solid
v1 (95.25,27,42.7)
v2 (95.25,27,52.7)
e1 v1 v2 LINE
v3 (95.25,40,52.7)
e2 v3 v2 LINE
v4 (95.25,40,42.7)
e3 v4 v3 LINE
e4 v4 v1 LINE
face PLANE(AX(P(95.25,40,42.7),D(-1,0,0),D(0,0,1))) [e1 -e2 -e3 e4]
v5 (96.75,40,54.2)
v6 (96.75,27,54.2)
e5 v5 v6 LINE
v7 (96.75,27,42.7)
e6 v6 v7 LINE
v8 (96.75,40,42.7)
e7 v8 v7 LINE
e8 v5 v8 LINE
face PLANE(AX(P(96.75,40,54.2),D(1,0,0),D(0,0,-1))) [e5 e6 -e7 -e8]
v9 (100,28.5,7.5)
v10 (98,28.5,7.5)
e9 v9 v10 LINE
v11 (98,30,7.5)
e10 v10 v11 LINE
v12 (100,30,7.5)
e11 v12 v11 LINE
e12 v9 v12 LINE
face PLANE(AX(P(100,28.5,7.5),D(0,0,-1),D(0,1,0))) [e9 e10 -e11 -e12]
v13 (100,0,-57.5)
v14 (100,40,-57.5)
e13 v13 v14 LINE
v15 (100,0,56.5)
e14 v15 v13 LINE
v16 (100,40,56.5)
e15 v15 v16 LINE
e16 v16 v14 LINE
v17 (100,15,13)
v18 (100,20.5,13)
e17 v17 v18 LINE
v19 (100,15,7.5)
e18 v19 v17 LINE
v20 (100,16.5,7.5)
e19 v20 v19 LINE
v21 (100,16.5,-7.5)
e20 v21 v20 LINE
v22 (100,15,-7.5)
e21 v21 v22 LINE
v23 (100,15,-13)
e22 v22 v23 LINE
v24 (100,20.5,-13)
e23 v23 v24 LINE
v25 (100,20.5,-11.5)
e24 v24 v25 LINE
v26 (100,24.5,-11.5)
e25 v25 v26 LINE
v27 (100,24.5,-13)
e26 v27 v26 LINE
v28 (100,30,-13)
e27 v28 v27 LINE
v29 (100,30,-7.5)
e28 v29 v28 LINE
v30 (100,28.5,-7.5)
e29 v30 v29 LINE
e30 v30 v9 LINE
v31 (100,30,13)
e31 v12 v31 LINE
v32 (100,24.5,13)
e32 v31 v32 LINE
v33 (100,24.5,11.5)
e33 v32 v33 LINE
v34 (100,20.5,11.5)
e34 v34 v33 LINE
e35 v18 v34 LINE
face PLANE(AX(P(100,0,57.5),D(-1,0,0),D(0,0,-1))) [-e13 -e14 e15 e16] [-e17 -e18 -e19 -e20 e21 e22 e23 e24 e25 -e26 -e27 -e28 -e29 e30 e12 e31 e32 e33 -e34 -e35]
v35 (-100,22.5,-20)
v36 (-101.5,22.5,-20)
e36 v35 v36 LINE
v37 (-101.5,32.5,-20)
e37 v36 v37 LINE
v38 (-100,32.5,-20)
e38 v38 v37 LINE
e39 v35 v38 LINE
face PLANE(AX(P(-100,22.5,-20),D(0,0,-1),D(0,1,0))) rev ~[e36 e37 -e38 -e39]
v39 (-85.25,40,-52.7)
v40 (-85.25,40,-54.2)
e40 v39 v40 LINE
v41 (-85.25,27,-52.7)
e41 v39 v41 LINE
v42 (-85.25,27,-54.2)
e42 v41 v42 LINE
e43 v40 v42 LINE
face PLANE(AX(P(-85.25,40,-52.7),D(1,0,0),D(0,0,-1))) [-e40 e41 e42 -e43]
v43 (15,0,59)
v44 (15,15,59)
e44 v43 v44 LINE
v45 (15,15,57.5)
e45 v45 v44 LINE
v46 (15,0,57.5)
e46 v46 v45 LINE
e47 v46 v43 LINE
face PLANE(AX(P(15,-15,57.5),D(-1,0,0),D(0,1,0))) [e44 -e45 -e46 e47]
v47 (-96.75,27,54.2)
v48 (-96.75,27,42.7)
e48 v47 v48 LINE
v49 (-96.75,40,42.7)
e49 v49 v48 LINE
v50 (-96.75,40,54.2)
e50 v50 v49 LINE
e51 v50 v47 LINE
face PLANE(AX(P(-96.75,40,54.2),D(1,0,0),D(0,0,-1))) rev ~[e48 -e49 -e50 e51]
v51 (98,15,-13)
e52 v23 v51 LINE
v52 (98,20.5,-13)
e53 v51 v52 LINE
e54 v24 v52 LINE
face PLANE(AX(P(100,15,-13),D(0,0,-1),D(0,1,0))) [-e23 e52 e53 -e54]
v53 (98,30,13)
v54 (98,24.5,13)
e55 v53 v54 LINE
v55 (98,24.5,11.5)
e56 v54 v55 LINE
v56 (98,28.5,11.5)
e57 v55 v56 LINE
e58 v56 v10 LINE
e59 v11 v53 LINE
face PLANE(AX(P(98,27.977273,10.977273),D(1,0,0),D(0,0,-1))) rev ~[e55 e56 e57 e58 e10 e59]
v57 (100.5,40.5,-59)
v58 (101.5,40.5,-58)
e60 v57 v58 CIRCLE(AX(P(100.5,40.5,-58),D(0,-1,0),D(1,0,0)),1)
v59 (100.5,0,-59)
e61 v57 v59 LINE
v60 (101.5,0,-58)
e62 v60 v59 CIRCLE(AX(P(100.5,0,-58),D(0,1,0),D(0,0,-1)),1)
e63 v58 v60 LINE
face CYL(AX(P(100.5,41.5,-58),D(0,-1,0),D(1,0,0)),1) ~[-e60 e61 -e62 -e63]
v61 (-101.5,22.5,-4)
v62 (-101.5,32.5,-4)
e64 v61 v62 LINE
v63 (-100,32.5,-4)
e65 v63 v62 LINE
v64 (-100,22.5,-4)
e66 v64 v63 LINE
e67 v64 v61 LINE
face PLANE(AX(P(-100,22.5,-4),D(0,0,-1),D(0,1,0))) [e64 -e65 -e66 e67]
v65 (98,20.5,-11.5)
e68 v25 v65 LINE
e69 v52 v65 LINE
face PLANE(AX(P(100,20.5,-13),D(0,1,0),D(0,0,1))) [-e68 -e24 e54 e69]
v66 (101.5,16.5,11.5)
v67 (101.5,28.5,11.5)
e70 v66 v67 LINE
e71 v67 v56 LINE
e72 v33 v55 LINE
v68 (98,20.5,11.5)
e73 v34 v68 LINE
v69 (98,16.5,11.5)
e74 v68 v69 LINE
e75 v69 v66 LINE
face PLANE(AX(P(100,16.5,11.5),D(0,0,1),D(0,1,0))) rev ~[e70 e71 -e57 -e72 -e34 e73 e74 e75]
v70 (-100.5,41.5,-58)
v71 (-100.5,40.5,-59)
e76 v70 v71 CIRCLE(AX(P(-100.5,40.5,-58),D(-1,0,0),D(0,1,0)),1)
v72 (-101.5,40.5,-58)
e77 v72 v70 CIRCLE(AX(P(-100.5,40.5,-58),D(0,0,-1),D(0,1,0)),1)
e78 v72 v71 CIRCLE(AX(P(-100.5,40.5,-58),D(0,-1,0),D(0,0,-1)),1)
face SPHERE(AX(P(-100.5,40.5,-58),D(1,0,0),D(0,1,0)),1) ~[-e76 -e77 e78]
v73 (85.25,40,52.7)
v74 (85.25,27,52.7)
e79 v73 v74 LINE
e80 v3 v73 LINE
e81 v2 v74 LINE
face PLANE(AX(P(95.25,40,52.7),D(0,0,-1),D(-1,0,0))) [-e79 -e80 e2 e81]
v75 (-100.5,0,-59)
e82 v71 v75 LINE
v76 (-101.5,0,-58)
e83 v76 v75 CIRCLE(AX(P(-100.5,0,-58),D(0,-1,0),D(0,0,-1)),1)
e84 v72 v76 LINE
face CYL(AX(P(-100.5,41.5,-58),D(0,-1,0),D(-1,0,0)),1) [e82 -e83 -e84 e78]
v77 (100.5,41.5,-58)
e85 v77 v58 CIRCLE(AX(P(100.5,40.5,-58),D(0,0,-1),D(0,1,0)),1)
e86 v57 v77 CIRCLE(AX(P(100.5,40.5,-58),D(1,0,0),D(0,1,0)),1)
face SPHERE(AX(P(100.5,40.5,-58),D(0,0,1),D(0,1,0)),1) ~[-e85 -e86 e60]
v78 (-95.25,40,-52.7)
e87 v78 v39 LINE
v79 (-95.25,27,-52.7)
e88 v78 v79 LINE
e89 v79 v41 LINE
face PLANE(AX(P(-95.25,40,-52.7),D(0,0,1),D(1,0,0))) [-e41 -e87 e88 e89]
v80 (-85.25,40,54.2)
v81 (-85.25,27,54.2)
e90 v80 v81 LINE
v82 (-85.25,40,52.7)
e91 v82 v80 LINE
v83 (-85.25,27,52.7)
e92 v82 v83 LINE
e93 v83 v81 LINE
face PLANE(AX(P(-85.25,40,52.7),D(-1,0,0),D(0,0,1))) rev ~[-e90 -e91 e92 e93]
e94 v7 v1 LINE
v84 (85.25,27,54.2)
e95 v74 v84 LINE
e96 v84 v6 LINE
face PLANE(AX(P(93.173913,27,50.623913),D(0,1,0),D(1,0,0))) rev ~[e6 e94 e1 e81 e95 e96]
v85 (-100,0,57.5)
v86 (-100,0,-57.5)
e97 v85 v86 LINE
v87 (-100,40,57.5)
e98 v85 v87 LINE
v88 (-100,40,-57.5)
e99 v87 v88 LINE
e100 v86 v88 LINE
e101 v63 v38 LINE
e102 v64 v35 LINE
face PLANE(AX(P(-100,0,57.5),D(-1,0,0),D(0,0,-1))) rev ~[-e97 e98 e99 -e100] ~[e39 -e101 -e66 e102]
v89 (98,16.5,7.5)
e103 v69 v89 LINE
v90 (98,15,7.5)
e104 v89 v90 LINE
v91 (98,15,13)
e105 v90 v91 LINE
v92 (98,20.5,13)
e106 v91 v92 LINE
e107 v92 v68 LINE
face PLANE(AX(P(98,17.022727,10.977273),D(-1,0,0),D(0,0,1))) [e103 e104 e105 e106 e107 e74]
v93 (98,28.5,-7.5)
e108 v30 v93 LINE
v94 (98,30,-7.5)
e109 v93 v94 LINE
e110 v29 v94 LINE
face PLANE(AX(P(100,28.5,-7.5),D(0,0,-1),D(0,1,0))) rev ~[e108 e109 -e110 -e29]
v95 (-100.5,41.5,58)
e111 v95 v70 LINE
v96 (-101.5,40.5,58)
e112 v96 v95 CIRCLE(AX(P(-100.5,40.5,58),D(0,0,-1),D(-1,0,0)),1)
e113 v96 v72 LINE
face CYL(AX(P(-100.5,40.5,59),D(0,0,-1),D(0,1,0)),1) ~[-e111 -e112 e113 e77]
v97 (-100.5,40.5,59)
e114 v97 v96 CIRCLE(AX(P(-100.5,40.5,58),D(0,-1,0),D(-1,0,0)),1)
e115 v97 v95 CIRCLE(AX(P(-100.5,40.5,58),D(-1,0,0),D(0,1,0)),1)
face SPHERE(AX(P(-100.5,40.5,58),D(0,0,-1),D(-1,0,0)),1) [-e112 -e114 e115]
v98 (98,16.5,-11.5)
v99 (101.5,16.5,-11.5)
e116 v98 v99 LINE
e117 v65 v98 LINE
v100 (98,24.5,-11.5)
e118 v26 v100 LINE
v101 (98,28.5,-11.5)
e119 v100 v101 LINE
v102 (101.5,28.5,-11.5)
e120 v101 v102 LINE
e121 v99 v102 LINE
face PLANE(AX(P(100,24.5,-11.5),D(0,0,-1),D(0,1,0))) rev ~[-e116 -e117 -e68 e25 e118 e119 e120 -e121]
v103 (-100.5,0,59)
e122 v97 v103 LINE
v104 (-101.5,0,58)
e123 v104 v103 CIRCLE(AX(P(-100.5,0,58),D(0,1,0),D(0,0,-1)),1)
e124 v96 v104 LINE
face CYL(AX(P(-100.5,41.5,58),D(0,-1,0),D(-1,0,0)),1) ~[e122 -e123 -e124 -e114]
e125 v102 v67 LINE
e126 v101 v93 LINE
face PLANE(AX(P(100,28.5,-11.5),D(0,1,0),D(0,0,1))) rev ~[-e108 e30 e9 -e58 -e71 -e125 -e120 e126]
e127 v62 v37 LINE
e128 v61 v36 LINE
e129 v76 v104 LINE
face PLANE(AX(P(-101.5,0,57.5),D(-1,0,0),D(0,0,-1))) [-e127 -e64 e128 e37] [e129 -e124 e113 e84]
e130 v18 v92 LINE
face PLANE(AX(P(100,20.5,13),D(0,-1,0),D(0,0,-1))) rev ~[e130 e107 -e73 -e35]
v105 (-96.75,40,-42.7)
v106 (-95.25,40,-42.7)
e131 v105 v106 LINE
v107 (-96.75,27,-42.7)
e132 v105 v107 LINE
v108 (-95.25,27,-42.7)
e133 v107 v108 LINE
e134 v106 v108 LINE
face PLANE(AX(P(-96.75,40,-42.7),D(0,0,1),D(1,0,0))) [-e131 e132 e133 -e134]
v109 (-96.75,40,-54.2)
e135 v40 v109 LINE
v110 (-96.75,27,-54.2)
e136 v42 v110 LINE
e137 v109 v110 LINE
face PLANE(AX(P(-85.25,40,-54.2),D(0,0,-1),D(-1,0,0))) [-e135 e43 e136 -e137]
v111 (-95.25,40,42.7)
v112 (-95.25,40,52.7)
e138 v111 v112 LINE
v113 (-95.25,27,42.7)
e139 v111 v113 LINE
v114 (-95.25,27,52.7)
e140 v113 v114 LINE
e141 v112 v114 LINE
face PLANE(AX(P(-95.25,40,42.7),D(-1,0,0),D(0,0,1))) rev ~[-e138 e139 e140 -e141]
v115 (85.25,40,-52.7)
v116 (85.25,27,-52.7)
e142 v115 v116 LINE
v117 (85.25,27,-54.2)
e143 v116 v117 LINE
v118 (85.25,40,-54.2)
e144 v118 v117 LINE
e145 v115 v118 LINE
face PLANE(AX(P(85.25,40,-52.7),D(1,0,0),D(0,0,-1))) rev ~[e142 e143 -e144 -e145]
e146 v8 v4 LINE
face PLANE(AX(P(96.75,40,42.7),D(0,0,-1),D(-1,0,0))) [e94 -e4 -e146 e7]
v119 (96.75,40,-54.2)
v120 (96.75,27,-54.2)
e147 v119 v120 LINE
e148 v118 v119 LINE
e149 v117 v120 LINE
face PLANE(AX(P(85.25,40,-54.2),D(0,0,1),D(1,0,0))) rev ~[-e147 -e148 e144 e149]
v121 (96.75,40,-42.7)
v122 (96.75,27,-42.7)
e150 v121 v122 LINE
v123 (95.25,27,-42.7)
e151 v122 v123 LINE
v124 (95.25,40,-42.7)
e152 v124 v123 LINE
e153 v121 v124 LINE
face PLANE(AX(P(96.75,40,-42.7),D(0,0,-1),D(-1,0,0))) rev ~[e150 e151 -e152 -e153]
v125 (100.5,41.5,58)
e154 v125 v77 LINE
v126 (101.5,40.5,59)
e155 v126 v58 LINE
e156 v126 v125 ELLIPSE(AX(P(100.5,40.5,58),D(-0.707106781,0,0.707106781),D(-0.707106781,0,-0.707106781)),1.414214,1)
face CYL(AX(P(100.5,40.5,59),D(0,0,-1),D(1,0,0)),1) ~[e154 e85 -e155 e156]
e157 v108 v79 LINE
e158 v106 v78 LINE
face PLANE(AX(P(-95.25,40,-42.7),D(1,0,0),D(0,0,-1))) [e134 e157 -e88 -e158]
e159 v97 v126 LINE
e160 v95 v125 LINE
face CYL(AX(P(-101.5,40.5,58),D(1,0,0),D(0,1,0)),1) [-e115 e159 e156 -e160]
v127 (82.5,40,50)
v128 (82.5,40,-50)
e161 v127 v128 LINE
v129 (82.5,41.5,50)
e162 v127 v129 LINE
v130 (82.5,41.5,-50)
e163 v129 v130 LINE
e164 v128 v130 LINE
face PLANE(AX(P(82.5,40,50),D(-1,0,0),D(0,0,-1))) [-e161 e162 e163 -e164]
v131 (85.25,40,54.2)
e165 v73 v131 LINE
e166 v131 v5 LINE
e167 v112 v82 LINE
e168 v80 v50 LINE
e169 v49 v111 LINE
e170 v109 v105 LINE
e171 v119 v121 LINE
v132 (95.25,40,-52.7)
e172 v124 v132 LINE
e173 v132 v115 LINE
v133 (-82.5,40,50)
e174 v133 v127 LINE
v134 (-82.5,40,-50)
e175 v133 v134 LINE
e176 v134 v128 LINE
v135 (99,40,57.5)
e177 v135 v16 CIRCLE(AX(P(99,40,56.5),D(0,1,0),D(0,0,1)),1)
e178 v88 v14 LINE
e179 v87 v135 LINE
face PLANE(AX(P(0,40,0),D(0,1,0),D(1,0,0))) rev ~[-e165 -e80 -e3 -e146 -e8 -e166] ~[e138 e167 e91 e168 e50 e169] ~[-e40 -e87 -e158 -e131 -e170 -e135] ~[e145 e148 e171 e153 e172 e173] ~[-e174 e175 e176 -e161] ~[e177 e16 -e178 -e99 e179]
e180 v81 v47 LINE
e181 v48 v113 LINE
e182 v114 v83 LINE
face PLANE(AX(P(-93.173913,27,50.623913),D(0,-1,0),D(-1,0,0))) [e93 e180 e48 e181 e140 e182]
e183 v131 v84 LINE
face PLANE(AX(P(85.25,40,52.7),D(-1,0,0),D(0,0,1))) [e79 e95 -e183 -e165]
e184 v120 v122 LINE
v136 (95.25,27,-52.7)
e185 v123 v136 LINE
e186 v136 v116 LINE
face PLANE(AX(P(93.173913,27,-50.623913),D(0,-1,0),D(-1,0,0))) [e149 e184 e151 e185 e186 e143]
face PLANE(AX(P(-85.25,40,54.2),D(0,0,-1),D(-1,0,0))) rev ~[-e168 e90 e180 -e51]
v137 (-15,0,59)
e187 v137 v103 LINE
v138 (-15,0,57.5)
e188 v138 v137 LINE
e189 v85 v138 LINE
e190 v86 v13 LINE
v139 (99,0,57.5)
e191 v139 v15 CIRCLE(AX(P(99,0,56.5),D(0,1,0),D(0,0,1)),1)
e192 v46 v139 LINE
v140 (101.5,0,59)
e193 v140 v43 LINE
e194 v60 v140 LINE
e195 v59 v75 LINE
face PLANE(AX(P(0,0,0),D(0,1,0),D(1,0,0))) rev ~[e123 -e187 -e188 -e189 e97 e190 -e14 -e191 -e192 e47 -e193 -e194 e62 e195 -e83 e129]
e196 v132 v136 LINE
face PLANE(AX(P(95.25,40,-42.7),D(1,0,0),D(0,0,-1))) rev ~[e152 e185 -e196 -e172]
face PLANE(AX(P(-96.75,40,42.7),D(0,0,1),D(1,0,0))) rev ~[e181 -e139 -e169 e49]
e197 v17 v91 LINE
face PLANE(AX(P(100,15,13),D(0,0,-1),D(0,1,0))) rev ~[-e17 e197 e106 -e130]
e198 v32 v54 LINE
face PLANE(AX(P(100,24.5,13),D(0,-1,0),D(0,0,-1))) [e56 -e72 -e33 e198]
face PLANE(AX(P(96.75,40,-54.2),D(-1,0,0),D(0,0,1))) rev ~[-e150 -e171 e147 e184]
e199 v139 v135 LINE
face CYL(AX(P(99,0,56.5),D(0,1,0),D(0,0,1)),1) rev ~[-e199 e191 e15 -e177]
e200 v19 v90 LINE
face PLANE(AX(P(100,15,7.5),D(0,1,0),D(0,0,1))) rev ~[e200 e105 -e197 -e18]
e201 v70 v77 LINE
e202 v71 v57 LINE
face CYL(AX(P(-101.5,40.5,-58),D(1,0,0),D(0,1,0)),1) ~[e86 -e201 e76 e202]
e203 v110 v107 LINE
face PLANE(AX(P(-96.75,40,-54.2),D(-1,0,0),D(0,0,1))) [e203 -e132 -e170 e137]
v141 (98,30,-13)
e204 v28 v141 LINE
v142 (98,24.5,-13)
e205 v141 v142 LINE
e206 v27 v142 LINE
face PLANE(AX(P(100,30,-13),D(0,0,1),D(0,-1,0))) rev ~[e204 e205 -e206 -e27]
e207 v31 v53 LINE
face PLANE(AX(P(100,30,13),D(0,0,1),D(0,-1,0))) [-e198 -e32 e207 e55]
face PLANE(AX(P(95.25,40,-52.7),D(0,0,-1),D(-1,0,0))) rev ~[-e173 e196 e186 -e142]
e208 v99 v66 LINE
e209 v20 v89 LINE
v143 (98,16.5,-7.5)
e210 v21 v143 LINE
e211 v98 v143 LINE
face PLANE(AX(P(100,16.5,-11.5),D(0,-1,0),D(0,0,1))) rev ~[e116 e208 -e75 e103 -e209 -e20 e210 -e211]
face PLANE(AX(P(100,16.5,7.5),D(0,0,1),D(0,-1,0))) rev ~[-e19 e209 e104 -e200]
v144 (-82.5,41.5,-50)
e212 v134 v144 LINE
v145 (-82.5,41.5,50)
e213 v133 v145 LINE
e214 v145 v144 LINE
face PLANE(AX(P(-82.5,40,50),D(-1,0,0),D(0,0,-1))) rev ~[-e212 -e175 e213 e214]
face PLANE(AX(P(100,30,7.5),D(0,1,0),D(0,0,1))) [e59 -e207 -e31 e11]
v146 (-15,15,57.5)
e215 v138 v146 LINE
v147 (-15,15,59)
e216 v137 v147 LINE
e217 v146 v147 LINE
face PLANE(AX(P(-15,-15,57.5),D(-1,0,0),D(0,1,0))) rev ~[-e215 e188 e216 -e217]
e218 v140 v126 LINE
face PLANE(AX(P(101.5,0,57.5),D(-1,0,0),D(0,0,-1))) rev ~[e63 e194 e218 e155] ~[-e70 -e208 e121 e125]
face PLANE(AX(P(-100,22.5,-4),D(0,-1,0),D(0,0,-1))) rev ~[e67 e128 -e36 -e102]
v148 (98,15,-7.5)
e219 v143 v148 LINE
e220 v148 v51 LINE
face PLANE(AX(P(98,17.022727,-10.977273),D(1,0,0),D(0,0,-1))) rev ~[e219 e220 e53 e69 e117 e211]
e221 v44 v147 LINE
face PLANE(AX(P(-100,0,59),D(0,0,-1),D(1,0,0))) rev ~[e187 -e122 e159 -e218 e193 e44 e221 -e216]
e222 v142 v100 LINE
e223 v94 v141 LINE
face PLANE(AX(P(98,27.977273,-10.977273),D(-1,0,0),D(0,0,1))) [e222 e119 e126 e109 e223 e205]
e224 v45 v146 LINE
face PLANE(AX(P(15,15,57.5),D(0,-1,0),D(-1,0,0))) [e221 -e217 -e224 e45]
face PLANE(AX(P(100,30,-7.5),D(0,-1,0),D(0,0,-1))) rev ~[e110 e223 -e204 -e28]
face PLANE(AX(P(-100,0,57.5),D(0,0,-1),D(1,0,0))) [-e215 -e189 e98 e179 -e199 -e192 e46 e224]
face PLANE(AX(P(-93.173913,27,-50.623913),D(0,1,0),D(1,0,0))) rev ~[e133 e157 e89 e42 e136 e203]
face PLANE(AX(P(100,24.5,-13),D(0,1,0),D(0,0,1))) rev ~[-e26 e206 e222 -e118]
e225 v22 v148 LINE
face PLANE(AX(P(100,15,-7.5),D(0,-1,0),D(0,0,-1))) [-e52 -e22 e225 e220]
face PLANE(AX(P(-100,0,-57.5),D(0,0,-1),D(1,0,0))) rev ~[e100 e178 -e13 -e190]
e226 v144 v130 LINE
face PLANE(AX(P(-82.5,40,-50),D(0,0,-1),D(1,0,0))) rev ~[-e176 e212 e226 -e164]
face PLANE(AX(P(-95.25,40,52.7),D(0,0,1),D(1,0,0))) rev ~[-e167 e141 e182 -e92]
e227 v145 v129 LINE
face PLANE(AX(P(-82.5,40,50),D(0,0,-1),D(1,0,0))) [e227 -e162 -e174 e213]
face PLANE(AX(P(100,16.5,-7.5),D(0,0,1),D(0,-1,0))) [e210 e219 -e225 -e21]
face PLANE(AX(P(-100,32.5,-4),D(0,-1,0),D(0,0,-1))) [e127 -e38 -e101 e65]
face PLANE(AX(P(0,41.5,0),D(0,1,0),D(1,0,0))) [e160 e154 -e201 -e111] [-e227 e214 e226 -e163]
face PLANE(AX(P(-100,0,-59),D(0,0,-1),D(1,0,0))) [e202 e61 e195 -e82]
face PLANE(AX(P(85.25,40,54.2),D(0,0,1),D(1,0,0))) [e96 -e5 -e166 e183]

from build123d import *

# Parameters (mm, degrees)
SKETCH_1_W           = 200
SKETCH_1_H           = 115
F_40MM_DEPTH         = 40
SHELL_3_T            = 1.5
SKETCH_2_W           = 165
SKETCH_2_H           = 100
CUT_EXTRUDE_7_DEPTH  = 1.5
SKETCH_3_W           = 16
SKETCH_3_H           = 10
CUT_EXTRUDE_8_DEPTH  = 1.5
SKETCH_4_W           = 23
SKETCH_4_H           = 12
CUT_EXTRUDE_9_DEPTH  = 1.5
EXTRUDE_1_DEPTH      = 13
EXTRUDE_2_DEPTH      = 2
FILLET_2_R           = 1
SKETCH_9_W           = 30
SKETCH_9_H           = 30
CUT_EXTRUDE_10_DEPTH = 10


with BuildPart() as part:
    # 草图1 → 凸台-拉伸40mm (new body)
    with BuildSketch(Plane(origin=(0, 0, 0), x_dir=(1, 0, 0), z_dir=(0, 1, 0))):
        Rectangle(SKETCH_1_W, SKETCH_1_H)
    extrude(amount=F_40MM_DEPTH)

    # 抽壳3
    shell_3_openings = [part.faces().sort_by_distance(p)[0] for p in [
        (0, 0, 0),
    ]]
    offset(amount=SHELL_3_T, openings=shell_3_openings, kind=Kind.INTERSECTION)

    # 草图2 → 切除-拉伸7 (cut)
    with BuildSketch(Plane(origin=(0, 40, 0), x_dir=(1, 0, 0), z_dir=(0, 1, 0))):
        Rectangle(SKETCH_2_W, SKETCH_2_H)
    extrude(amount=CUT_EXTRUDE_7_DEPTH, mode=Mode.SUBTRACT)

    # 草图3 → 切除-拉伸8 (cut)
    with BuildSketch(Plane(origin=(-100, 0, 0), x_dir=(0, 0, -1), z_dir=(1, 0, 0))):
        with Locations((12, 27.5)):
            Rectangle(SKETCH_3_W, SKETCH_3_H)
    extrude(amount=-CUT_EXTRUDE_8_DEPTH, mode=Mode.SUBTRACT)

    # 草图4 → 切除-拉伸9 (cut)
    with BuildSketch(Plane.ZY.offset(-100)):
        with Locations((0, 22.5)):
            Rectangle(SKETCH_4_W, SKETCH_4_H)
    extrude(amount=-CUT_EXTRUDE_9_DEPTH, mode=Mode.SUBTRACT)

    # 草图6 → 凸台-拉伸1 (add)
    with BuildSketch(Plane(origin=(0, 40, 0), x_dir=(-1, 0, 0), z_dir=(0, -1, 0))):
        Polygon((-95.25, 52.7), (-85.25, 52.7), (-85.25, 54.2), (-96.75, 54.2), (-96.75, 42.7), (-95.25, 42.7), align=None)
        Polygon((-96.75, -42.7), (-95.25, -42.7), (-95.25, -52.7), (-85.25, -52.7), (-85.25, -54.2), (-96.75, -54.2), align=None)
        Polygon((85.25, -52.7), (85.25, -54.2), (96.75, -54.2), (96.75, -42.7), (95.25, -42.7), (95.25, -52.7), align=None)
        Polygon((85.25, 52.7), (85.25, 54.2), (96.75, 54.2), (96.75, 42.7), (95.25, 42.7), (95.25, 52.7), align=None)
    extrude(amount=EXTRUDE_1_DEPTH)

    # 草图7 → 凸台-拉伸2 (add)
    with BuildSketch(Plane.ZY.offset(-100)):
        Polygon((-7.5, 28.5), (-7.5, 30), (-13, 30), (-13, 24.5), (-11.5, 24.5), (-11.5, 28.5), align=None)
        Polygon((7.5, 28.5), (7.5, 30), (13, 30), (13, 24.5), (11.5, 24.5), (11.5, 28.5), align=None)
        Polygon((7.5, 16.5), (7.5, 15), (13, 15), (13, 20.5), (11.5, 20.5), (11.5, 16.5), align=None)
        Polygon((-13, 20.5), (-11.5, 20.5), (-11.5, 16.5), (-7.5, 16.5), (-7.5, 15), (-13, 15), align=None)
    extrude(amount=EXTRUDE_2_DEPTH)

    # 圆角2
    fillet_2_edges = [part.edges().sort_by_distance(p)[0] for p in [
        (101.5, 41.5, 0),
        (0, 41.5, -59),
        (100, 20, 57.5),
        (-101.5, 41.5, 0),
        (-101.5, 20.75, -59),
        (101.5, 20.75, -59),
        (-101.5, 20.75, 59),
        (0, 41.5, 59),
    ]]
    fillet(fillet_2_edges, radius=FILLET_2_R)

    # 草图9 → 切除-拉伸10 (cut)
    with BuildSketch(Plane(origin=(0, 0, 57.5), x_dir=(-1, 0, 0), z_dir=(0, 0, -1))):
        Rectangle(SKETCH_9_W, SKETCH_9_H)
    extrude(amount=-CUT_EXTRUDE_10_DEPTH, mode=Mode.SUBTRACT)


solid = part.part
